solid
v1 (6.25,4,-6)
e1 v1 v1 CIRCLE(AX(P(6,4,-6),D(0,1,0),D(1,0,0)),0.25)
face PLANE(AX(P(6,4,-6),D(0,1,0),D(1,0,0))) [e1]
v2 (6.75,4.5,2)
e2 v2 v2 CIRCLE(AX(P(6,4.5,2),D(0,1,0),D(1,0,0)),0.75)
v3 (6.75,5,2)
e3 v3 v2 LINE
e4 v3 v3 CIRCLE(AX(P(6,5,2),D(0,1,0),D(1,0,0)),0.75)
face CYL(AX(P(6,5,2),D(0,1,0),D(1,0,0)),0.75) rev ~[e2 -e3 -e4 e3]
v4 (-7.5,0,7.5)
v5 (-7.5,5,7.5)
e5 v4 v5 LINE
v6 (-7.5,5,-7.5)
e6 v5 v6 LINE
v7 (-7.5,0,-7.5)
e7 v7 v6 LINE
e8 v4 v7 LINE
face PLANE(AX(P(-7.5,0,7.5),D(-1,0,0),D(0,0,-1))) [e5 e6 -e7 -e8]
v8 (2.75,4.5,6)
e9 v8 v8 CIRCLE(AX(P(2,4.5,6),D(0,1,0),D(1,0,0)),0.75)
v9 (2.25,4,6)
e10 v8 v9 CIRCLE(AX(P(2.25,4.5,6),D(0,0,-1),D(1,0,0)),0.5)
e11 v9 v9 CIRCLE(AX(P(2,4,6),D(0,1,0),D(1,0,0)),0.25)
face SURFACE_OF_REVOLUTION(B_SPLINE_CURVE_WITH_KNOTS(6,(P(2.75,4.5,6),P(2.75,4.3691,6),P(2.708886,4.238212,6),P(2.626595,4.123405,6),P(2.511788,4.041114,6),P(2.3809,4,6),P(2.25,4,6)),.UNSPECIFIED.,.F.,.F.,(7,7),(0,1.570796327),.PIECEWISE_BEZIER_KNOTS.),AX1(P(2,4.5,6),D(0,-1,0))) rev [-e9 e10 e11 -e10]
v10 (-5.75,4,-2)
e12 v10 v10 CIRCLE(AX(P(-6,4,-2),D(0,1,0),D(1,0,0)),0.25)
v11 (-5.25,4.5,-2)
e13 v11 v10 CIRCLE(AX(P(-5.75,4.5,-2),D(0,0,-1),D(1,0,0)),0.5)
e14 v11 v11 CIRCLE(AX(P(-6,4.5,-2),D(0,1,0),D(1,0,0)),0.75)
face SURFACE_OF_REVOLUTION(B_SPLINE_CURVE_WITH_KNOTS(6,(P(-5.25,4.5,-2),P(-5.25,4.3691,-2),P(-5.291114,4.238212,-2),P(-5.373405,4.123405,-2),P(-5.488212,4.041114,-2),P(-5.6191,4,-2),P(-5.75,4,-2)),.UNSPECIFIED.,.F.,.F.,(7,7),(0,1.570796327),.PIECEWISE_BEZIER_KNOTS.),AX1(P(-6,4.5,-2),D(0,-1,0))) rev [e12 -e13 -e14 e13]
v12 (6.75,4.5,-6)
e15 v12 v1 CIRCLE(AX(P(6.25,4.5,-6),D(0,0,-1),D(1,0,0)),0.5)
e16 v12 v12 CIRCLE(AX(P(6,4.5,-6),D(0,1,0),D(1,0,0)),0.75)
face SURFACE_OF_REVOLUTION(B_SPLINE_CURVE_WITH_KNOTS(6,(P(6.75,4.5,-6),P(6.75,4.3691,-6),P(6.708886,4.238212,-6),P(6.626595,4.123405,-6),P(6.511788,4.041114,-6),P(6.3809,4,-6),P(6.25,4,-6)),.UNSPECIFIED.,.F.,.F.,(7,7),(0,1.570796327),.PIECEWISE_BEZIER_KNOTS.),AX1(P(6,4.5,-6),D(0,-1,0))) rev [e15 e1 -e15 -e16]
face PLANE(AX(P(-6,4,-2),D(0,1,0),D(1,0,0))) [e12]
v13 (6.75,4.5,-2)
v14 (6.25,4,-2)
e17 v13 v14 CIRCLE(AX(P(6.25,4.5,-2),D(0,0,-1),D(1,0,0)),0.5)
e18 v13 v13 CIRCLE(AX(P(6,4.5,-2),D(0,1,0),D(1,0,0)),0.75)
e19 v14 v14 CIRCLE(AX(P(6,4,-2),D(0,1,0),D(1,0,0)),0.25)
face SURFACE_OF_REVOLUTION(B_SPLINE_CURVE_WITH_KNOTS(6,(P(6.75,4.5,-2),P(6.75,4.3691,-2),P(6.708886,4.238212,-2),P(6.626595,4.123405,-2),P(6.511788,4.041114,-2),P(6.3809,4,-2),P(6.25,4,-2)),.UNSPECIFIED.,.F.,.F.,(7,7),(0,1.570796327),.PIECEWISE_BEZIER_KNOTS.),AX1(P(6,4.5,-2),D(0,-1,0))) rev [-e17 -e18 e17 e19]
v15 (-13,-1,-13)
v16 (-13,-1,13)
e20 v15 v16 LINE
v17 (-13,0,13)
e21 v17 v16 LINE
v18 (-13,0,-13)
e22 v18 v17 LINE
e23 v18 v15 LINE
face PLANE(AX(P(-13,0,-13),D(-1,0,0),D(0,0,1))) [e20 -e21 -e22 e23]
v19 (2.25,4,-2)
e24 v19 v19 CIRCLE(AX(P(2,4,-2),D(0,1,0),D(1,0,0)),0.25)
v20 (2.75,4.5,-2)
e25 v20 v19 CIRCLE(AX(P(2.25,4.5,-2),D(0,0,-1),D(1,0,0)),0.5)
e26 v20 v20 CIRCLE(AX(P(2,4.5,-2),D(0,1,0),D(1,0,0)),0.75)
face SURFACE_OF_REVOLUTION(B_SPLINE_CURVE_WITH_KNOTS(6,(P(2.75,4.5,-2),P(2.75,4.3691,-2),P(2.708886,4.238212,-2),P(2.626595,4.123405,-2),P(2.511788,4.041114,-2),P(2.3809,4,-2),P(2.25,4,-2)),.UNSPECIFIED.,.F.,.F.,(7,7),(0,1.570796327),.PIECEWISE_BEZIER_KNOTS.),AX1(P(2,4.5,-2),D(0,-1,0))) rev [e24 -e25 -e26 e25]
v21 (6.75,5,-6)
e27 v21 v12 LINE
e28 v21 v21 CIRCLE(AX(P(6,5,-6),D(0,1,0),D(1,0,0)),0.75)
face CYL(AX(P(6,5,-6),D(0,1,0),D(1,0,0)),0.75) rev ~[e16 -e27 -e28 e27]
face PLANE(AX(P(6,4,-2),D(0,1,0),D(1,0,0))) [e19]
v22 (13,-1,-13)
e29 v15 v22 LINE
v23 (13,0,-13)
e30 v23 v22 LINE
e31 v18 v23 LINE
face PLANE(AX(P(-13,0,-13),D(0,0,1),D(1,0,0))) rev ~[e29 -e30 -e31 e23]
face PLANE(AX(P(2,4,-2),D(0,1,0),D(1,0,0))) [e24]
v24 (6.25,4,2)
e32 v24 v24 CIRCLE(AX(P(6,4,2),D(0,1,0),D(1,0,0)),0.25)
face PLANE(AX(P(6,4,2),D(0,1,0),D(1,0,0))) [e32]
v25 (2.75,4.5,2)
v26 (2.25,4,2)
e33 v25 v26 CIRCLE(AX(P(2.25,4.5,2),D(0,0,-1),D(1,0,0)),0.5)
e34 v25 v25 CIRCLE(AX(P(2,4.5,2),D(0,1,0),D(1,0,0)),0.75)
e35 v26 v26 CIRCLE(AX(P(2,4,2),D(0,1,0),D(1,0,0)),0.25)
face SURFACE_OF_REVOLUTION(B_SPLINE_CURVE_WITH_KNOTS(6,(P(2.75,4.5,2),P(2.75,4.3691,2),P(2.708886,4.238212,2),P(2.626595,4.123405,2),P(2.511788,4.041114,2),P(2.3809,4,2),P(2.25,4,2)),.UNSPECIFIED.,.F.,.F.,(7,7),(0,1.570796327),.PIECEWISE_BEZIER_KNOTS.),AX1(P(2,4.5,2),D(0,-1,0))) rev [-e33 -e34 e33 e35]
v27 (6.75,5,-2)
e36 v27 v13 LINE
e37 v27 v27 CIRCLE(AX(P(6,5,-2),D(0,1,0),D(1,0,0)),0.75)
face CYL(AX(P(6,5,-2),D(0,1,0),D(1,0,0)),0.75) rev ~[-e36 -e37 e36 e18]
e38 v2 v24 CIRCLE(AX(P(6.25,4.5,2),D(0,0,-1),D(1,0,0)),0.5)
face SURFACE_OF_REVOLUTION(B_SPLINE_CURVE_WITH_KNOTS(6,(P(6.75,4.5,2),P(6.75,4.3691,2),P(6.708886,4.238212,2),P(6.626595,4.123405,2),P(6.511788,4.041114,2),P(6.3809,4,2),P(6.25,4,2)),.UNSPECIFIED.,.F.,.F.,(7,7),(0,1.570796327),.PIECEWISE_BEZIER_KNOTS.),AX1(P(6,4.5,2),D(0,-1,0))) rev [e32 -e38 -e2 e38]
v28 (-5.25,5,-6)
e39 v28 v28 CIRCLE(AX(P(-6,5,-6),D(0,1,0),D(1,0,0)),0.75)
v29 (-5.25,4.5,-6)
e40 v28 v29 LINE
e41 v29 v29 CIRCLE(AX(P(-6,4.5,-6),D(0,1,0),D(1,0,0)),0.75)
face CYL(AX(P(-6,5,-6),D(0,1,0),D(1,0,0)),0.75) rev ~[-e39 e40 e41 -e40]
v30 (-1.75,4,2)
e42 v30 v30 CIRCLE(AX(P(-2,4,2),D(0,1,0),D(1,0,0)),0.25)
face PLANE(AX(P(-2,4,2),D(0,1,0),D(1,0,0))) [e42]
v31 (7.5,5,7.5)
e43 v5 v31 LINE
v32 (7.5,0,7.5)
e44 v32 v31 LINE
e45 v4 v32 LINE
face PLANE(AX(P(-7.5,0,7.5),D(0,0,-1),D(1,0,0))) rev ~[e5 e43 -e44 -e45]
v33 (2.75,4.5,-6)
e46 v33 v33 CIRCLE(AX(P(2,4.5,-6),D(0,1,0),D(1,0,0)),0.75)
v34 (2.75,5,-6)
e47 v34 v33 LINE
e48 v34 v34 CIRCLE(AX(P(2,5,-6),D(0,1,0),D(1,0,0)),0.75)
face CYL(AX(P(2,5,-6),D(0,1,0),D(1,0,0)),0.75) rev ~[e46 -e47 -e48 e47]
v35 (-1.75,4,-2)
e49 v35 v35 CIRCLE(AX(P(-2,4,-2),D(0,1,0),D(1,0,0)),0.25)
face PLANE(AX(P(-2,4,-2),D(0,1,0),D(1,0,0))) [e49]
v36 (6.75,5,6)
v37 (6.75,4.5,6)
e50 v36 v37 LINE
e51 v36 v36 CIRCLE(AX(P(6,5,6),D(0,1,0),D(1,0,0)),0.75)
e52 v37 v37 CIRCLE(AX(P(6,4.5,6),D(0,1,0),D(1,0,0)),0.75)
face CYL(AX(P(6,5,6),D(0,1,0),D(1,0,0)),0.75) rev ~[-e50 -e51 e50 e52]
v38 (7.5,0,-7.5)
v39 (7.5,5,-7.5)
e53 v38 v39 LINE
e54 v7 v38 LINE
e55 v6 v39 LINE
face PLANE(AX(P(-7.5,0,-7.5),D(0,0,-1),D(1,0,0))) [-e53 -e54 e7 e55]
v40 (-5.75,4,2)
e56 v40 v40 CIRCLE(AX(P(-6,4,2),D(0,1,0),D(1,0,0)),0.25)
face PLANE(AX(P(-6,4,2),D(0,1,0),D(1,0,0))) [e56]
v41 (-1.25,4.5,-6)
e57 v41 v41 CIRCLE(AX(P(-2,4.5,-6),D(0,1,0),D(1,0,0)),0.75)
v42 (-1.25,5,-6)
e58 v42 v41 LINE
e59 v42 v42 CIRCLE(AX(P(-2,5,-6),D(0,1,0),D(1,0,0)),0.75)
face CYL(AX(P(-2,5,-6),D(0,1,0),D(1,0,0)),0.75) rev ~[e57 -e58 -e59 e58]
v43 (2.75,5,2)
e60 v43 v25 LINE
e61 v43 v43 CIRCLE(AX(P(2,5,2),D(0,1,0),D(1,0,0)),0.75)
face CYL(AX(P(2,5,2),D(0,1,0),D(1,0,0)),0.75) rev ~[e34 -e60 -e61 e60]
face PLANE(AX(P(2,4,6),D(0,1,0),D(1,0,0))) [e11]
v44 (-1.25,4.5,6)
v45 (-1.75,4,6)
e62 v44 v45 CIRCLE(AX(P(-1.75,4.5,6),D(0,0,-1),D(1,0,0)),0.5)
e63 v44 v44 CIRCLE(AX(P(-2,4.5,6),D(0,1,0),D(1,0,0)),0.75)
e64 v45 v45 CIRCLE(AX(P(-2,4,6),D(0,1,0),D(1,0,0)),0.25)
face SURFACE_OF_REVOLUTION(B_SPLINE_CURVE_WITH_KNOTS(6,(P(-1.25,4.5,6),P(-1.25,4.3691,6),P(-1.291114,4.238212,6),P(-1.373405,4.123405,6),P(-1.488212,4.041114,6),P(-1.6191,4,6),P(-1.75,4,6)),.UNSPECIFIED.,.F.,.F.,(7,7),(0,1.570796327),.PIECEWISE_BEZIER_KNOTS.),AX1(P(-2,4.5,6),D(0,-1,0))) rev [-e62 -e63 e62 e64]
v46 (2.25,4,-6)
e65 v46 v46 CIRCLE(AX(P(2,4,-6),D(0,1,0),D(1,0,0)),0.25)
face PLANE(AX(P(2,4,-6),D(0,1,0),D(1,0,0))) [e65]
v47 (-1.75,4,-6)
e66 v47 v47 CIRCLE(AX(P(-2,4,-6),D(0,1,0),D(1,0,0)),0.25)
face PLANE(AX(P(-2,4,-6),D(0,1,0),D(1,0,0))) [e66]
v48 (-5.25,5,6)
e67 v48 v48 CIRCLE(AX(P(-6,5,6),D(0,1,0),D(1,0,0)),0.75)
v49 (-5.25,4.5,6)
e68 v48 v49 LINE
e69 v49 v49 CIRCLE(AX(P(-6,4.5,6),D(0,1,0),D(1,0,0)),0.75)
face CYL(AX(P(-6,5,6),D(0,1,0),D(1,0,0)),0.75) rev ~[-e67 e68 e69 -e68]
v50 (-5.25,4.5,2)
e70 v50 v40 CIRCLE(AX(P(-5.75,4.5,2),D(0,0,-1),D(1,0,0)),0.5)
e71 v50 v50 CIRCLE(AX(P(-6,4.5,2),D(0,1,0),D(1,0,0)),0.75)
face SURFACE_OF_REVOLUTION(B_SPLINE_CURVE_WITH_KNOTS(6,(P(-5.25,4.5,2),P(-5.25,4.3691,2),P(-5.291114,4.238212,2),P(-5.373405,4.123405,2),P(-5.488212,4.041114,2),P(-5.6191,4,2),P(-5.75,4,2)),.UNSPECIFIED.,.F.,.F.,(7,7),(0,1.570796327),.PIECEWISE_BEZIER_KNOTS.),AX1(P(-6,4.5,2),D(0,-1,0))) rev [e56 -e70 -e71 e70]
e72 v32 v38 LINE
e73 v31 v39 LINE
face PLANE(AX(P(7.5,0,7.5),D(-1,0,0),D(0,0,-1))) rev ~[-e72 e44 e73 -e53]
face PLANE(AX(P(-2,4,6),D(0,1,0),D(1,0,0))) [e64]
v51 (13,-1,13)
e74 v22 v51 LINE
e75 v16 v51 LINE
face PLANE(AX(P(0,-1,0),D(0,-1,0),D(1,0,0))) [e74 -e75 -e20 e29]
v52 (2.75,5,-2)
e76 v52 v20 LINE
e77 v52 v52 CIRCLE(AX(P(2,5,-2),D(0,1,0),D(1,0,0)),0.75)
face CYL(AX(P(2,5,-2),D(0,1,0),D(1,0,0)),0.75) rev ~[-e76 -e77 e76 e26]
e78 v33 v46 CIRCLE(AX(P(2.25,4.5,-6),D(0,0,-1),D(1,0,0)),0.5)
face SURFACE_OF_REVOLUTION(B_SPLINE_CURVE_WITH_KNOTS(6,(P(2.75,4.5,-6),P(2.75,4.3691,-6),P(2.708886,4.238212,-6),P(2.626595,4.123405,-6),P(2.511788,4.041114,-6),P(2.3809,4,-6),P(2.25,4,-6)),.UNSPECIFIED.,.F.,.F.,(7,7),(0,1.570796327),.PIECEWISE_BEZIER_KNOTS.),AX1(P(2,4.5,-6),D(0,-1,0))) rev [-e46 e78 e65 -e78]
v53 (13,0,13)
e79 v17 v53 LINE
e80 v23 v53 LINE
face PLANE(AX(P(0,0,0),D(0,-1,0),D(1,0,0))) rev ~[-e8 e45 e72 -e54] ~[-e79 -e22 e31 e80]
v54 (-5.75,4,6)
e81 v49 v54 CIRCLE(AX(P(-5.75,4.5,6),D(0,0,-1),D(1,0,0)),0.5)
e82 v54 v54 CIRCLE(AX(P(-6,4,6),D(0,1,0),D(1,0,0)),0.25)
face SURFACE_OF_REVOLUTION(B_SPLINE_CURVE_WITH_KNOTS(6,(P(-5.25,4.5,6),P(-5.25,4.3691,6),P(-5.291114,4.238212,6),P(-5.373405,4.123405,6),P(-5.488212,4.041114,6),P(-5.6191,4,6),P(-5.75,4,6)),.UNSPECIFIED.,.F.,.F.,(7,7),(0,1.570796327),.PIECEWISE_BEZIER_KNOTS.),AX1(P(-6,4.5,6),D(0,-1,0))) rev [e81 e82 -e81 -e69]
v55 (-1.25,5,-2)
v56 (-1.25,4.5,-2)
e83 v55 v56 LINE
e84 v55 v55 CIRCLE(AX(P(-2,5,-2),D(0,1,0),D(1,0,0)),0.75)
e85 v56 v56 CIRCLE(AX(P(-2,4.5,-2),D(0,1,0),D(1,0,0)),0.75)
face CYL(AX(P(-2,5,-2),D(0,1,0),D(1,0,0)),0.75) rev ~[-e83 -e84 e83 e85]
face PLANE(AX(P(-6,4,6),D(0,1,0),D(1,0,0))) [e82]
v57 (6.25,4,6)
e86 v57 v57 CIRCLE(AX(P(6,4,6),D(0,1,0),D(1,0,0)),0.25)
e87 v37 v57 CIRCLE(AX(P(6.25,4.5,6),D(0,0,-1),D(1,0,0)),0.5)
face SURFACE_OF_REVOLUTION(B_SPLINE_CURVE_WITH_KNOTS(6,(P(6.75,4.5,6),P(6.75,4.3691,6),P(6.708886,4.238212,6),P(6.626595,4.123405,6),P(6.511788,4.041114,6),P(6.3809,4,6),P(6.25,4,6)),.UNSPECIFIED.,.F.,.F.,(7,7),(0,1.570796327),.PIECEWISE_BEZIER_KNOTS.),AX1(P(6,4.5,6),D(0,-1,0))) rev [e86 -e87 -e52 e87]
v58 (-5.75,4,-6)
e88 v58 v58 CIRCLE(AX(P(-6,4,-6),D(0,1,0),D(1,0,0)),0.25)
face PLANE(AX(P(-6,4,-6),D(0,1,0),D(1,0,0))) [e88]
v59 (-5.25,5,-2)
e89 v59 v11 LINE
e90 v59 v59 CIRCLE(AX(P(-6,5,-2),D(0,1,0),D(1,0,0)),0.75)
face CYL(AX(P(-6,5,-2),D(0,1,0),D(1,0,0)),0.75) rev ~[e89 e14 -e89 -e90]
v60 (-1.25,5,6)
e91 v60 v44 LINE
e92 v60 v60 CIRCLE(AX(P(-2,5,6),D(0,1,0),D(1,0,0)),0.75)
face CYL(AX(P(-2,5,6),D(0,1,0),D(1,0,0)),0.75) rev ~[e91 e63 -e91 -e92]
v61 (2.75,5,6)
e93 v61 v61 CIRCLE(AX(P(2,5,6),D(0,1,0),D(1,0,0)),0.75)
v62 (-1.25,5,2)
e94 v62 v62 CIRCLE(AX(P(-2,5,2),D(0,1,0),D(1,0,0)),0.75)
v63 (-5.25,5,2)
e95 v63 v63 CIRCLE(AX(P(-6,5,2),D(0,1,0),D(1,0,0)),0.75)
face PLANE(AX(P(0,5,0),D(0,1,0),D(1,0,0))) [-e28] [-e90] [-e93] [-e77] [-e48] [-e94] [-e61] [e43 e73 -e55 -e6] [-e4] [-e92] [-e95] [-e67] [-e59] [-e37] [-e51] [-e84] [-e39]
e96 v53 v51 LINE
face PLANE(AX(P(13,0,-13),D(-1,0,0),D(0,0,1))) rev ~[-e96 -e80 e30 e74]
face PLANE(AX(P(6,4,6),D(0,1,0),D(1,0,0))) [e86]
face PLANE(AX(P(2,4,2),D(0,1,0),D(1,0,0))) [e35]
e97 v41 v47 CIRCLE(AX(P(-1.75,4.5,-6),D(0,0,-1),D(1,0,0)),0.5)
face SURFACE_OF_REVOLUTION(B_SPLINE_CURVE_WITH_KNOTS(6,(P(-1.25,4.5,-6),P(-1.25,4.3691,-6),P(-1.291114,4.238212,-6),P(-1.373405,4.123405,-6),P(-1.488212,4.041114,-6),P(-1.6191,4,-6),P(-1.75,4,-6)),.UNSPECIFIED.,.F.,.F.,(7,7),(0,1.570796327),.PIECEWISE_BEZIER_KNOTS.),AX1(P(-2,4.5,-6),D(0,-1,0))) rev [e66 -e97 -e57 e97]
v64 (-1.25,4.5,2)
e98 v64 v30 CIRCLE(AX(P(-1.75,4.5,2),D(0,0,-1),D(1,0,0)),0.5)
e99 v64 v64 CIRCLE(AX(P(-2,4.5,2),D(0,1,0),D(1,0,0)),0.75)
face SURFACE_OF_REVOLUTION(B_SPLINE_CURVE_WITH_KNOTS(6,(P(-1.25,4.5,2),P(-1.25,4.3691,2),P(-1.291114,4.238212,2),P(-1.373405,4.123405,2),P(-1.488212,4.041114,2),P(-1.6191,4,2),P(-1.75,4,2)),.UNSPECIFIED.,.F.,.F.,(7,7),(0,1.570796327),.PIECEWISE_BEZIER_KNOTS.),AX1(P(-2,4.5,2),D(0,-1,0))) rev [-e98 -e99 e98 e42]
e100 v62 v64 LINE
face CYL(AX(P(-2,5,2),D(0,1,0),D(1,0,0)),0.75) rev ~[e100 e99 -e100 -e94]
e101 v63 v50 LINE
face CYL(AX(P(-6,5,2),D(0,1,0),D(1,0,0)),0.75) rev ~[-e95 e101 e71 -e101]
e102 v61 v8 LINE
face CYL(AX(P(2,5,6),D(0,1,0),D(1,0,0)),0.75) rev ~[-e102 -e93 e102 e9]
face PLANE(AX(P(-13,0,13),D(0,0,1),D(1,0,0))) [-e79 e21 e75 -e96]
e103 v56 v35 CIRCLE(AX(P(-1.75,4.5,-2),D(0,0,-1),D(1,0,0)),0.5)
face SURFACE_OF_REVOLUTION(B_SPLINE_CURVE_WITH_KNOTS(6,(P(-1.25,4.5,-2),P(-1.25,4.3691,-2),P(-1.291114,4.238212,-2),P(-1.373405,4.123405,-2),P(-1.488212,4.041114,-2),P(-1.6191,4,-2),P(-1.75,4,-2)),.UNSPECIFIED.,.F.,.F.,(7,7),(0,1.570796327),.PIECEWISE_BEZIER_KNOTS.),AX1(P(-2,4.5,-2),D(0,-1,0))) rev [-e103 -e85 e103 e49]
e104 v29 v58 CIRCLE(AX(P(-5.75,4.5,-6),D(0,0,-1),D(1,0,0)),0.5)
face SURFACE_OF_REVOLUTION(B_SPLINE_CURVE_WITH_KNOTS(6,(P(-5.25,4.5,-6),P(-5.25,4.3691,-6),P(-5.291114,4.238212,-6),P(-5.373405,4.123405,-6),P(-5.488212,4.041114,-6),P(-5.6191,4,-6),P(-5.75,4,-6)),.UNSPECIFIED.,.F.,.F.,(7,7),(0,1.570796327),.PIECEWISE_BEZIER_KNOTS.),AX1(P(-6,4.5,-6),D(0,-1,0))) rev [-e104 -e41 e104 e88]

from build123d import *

# Parameters (mm, degrees)
SKETCH1_W              = 15
SKETCH1_H              = 15
BOSS_EXTRUDE1_DEPTH    = 5
SKETCH2_W              = 26
SKETCH2_H              = 26
BOSS_EXTRUDE2_DEPTH    = 1
SKETCH3_R              = 0.75
CUT_EXTRUDE1_DEPTH     = 1
FILLET1_R              = 0.5
LPATTERN1_COUNT        = 4
LPATTERN1_PITCH        = 4
LPATTERN1_COUNT_DIR2   = 4
LPATTERN1_PITCH_DIR2   = 4
FILLET1_OF_LPATTERN1_R = 0.5


with BuildPart() as part:
    # Sketch1 → Boss-Extrude1 (new body)
    with BuildSketch(Plane(origin=(0, 0, 0), x_dir=(1, 0, 0), z_dir=(0, 1, 0))):
        Rectangle(SKETCH1_W, SKETCH1_H)
    extrude(amount=BOSS_EXTRUDE1_DEPTH)

    # Sketch2 → Boss-Extrude2 (add)
    with BuildSketch(Plane.XZ):
        Rectangle(SKETCH2_W, SKETCH2_H)
    extrude(amount=BOSS_EXTRUDE2_DEPTH)

    # Sketch3 → Cut-Extrude1 (cut)
    with BuildSketch(Plane(origin=(0, 5, 0), x_dir=(1, 0, 0), z_dir=(0, 1, 0))):
        with Locations((-6, 6)):
            Circle(SKETCH3_R)
    cut_extrude1 = extrude(amount=-CUT_EXTRUDE1_DEPTH, mode=Mode.SUBTRACT)

    # Fillet1
    fillet1_edges = [part.edges().sort_by_distance(p)[0] for p in [
        (-6.75, 4, -6),
    ]]
    fillet(fillet1_edges, radius=FILLET1_R)

    # LPattern1: Cut-Extrude1 4 × 4
    with Locations(*[(i * LPATTERN1_PITCH, 0, j * LPATTERN1_PITCH_DIR2) for i in range(LPATTERN1_COUNT) for j in range(LPATTERN1_COUNT_DIR2) if (i, j) != (0, 0)]):
        add(cut_extrude1, mode=Mode.SUBTRACT)

    # Fillet1 of LPattern1
    fillet1_of_lpattern1_edges = [part.edges().sort_by_distance(p)[0] for p in [
        (-6.75, 4, -2),
        (-6.75, 4, 2),
        (-6.75, 4, 6),
        (-2.75, 4, -6),
        (-2.75, 4, -2),
        (-2.75, 4, 2),
        (-2.75, 4, 6),
        (1.25, 4, -6),
        (1.25, 4, -2),
        (1.25, 4, 2),
        (1.25, 4, 6),
        (5.25, 4, -6),
        (5.25, 4, -2),
        (5.25, 4, 2),
        (5.25, 4, 6),
    ]]
    fillet(fillet1_of_lpattern1_edges, radius=FILLET1_OF_LPATTERN1_R)


solid = part.part
